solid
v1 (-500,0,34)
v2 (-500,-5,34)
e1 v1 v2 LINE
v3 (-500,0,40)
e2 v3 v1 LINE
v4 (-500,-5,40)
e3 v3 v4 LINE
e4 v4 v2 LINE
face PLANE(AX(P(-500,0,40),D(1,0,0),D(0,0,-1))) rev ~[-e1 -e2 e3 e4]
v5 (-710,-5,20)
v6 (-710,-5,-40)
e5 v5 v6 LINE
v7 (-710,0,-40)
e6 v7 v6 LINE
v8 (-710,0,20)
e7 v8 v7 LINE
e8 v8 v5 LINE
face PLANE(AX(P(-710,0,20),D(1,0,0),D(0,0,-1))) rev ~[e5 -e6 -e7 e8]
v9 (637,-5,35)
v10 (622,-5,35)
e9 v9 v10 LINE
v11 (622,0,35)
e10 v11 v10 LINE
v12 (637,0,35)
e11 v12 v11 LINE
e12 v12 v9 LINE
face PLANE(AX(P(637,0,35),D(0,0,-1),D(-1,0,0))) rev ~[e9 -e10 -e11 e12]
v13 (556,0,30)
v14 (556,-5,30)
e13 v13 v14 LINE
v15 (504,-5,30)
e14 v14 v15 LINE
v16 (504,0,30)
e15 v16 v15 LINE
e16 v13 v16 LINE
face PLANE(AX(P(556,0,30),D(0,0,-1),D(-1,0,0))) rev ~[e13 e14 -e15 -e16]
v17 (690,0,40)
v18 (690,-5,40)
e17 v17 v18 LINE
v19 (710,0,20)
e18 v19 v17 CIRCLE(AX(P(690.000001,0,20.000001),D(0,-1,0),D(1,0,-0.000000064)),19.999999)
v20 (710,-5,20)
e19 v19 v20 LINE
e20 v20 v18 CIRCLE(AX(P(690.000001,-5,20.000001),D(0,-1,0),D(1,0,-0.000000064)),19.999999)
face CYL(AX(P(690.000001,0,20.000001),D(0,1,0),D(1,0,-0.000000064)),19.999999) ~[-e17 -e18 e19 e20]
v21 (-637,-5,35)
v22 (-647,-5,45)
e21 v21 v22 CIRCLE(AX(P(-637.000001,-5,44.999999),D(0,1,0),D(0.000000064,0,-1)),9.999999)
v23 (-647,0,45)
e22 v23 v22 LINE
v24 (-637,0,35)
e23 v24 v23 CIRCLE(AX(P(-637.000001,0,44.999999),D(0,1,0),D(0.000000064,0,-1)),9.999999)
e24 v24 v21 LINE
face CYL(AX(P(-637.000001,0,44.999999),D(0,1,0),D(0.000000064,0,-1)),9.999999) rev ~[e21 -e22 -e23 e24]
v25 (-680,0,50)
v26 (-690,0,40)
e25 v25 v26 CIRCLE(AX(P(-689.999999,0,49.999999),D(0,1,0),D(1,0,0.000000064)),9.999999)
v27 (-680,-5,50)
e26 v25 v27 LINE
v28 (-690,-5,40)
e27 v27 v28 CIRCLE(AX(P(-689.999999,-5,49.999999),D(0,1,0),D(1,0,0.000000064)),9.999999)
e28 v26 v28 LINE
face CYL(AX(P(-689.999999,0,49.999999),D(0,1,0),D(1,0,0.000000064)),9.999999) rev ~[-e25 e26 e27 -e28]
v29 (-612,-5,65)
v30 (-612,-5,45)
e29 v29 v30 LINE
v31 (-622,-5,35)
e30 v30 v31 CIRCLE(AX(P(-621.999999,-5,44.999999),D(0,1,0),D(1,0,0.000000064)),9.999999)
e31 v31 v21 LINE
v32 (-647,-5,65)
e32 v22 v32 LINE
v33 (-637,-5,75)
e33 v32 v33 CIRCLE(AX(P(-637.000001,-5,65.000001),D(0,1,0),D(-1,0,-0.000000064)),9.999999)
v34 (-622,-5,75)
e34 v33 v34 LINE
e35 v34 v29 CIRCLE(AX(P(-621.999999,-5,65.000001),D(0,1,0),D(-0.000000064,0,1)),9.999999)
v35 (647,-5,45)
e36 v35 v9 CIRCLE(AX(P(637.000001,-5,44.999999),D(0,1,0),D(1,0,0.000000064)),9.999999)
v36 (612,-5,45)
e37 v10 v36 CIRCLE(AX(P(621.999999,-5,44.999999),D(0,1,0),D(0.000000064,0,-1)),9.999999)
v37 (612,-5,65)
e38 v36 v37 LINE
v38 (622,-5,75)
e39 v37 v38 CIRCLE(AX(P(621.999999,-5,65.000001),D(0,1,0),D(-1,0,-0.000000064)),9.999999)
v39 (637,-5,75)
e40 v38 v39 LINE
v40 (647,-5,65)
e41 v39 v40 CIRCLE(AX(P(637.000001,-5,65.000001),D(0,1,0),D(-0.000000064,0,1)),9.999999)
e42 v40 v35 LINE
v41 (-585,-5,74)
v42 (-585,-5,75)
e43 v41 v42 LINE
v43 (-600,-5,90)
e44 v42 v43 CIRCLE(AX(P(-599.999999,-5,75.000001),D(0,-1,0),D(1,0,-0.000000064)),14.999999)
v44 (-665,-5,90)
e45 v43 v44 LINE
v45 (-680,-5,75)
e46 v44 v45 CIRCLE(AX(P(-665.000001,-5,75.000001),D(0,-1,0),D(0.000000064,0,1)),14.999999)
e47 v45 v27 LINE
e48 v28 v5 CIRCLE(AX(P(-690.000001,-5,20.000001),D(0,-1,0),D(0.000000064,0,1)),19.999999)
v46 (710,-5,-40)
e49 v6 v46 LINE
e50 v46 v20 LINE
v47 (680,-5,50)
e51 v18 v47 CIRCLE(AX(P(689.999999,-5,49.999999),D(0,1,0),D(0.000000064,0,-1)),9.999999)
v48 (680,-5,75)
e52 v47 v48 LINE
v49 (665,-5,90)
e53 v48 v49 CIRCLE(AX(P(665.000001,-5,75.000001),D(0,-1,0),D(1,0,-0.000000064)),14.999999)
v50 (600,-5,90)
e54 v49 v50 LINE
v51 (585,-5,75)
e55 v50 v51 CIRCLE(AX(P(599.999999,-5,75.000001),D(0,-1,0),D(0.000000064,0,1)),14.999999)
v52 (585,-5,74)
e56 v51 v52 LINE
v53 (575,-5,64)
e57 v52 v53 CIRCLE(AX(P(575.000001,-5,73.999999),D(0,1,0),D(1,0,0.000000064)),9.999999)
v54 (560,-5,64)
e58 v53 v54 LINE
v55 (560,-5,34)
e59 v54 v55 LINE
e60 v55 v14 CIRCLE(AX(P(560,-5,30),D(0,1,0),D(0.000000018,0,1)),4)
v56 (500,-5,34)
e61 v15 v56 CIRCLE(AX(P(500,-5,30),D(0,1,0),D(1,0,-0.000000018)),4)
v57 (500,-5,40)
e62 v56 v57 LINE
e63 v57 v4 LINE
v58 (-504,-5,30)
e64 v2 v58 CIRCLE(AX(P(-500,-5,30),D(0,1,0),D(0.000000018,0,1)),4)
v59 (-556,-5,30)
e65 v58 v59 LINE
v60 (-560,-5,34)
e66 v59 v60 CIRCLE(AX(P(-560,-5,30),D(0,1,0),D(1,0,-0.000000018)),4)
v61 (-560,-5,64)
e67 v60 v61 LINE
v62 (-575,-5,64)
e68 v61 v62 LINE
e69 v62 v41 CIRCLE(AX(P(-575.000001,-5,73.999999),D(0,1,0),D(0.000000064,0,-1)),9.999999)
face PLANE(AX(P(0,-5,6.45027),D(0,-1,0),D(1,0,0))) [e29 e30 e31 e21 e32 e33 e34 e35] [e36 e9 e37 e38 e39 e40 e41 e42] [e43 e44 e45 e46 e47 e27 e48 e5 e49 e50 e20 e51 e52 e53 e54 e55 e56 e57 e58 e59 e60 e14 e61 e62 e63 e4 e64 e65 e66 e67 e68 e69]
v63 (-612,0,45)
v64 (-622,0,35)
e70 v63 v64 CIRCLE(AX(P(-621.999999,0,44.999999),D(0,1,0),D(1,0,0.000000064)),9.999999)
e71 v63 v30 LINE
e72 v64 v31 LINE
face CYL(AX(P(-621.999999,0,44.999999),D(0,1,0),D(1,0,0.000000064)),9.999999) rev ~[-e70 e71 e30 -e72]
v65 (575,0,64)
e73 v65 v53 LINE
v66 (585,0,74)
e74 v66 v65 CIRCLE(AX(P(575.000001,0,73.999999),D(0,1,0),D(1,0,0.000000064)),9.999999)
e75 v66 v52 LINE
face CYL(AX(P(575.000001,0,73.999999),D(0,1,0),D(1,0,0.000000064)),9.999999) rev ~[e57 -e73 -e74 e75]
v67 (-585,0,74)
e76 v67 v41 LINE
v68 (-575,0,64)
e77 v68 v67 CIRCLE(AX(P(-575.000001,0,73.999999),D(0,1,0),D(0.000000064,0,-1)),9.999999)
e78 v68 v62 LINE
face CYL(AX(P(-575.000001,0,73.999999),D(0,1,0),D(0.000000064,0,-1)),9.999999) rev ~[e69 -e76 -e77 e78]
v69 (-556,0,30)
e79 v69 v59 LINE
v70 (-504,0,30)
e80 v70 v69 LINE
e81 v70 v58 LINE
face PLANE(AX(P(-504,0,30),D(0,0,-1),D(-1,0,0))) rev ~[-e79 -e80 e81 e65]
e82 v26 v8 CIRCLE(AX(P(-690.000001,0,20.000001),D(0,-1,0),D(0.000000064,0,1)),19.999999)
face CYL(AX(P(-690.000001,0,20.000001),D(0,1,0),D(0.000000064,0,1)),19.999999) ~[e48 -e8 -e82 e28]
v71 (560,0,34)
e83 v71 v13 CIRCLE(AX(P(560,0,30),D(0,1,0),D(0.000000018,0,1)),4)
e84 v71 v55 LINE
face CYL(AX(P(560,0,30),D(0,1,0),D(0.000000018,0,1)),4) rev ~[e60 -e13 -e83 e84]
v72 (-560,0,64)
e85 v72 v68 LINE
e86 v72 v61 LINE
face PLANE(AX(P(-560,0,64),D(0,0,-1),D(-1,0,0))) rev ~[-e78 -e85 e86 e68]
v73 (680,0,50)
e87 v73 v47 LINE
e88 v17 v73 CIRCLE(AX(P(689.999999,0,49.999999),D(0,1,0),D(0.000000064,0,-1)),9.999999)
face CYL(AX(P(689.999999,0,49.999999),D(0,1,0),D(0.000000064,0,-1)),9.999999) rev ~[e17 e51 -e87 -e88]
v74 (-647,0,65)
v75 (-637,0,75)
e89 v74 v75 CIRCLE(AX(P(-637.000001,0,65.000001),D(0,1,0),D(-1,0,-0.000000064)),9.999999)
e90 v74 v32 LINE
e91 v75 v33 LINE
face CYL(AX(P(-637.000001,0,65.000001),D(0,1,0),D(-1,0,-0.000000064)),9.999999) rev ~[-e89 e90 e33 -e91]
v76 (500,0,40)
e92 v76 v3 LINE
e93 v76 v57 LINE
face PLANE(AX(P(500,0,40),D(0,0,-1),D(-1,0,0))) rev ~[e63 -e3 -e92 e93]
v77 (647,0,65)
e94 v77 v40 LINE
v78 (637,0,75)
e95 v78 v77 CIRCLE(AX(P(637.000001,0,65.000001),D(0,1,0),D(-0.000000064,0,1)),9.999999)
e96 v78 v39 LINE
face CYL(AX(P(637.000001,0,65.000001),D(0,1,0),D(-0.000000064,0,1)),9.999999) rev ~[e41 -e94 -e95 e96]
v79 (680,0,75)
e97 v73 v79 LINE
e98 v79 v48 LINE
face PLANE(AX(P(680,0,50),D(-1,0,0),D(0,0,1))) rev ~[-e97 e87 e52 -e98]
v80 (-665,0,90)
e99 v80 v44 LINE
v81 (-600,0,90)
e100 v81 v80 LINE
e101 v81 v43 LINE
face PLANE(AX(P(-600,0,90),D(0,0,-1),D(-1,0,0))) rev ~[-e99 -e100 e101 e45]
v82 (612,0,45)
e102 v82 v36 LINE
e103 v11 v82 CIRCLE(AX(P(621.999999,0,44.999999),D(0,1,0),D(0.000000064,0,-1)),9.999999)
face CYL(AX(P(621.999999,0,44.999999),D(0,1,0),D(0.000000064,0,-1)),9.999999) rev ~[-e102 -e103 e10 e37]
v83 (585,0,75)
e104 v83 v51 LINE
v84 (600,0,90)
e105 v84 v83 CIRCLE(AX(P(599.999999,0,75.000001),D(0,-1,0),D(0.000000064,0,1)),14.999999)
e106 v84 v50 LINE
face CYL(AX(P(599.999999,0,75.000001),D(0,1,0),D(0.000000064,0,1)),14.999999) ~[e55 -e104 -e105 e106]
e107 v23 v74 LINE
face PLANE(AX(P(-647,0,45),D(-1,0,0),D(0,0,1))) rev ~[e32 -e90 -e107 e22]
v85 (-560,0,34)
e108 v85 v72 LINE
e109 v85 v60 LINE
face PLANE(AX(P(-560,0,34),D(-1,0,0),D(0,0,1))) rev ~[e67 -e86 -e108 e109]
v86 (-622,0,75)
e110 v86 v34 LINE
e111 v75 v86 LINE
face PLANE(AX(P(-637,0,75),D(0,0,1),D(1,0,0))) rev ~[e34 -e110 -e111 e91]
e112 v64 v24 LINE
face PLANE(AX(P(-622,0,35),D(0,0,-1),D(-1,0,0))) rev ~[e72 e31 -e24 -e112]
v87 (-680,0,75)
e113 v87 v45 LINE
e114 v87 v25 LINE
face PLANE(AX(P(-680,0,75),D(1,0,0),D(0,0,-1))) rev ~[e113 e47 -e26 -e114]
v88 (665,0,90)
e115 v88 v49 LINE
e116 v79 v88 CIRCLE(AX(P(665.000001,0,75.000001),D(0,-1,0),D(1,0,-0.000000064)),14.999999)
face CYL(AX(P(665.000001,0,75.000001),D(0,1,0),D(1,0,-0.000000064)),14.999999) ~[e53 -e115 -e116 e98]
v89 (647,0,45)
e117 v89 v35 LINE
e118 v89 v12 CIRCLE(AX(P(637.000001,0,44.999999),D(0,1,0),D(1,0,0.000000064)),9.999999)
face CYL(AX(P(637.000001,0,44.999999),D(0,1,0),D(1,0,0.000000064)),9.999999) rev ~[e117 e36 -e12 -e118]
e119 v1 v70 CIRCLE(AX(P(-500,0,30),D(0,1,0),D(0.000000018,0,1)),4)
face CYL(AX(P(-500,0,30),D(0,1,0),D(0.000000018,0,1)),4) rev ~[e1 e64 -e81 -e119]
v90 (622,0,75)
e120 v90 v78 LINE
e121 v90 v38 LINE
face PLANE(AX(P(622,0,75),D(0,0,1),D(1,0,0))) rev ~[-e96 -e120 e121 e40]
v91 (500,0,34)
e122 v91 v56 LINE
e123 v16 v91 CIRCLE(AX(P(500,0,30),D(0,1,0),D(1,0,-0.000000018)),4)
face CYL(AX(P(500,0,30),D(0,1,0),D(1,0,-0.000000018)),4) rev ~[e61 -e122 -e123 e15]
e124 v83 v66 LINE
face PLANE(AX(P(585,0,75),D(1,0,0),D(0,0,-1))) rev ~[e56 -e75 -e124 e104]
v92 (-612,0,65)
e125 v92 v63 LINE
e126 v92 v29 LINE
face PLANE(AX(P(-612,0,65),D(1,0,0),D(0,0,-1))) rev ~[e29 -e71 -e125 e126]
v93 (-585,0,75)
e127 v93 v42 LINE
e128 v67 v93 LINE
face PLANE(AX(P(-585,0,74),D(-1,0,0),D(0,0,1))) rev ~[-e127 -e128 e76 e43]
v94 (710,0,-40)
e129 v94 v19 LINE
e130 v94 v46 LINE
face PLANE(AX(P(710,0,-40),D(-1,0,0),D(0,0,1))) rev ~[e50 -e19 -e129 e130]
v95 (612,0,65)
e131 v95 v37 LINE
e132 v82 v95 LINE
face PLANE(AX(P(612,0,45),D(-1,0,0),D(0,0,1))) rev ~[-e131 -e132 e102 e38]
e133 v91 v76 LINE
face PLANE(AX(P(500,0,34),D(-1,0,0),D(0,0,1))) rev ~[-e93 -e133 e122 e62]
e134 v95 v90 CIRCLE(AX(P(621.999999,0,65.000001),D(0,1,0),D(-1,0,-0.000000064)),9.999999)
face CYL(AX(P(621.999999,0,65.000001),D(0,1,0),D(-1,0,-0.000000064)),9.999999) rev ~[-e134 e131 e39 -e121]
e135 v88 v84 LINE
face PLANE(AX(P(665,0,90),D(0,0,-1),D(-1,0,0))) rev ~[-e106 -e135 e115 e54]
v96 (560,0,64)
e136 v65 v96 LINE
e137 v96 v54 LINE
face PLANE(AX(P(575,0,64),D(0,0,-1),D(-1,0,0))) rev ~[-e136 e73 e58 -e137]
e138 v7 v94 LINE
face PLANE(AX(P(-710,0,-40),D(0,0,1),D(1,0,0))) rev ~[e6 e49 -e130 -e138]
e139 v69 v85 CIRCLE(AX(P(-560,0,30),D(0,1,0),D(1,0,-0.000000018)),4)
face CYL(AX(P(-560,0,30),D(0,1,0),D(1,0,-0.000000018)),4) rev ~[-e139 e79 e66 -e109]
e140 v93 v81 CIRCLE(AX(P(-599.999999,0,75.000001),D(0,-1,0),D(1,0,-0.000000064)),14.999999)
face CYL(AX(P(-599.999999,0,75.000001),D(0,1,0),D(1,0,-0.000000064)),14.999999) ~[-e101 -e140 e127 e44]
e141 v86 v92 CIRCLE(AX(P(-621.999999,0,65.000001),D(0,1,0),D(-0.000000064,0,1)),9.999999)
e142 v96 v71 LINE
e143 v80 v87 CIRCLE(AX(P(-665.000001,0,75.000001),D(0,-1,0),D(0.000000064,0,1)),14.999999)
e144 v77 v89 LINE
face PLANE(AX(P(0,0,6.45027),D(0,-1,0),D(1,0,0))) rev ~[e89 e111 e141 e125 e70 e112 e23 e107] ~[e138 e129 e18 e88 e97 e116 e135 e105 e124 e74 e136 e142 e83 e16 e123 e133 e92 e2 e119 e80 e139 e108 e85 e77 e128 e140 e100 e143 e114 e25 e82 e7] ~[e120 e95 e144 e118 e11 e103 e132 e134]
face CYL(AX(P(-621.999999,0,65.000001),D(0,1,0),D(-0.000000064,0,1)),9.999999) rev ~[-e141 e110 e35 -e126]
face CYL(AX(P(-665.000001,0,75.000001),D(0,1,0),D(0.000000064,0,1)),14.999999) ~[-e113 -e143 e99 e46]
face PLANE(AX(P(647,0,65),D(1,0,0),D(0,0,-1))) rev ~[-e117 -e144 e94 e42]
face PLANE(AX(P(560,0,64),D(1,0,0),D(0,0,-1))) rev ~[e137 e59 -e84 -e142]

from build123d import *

# Parameters (mm, degrees)
F1_DEPTH = 5


with BuildPart() as f1:
    # F0 (on Front) → F1 (new body)
    with BuildSketch(Plane.XZ):
        with BuildLine():
            Line((-710, 20), (-710, -40))
            Line((-710, -40), (710, -40))
            Line((710, -40), (710, 20))
            ThreePointArc((710, 20), (704.142136, 34.142136), (690, 40))
            ThreePointArc((690, 40), (682.928932, 42.928932), (680, 50))
            Line((680, 50), (680, 75))
            ThreePointArc((680, 75), (675.606602, 85.606602), (665, 90))
            Line((665, 90), (600, 90))
            ThreePointArc((600, 90), (589.393398, 85.606602), (585, 75))
            Line((585, 75), (585, 74))
            ThreePointArc((585, 74), (582.071068, 66.928932), (575, 64))
            Line((575, 64), (560, 64))
            Line((560, 64), (560, 34))
            ThreePointArc((560, 34), (562.828427, 27.171573), (556, 30))
            Line((556, 30), (504, 30))
            ThreePointArc((504, 30), (497.171573, 27.171573), (500, 34))
            Line((500, 34), (500, 40))
            Line((500, 40), (-500, 40))
            Line((-500, 40), (-500, 34))
            ThreePointArc((-500, 34), (-497.171573, 27.171573), (-504, 30))
            Line((-504, 30), (-556, 30))
            ThreePointArc((-556, 30), (-562.828427, 27.171573), (-560, 34))
            Line((-560, 34), (-560, 64))
            Line((-560, 64), (-575, 64))
            ThreePointArc((-575, 64), (-582.071068, 66.928932), (-585, 74))
            Line((-585, 74), (-585, 75))
            ThreePointArc((-585, 75), (-589.393398, 85.606602), (-600, 90))
            Line((-600, 90), (-665, 90))
            ThreePointArc((-665, 90), (-675.606602, 85.606602), (-680, 75))
            Line((-680, 75), (-680, 50))
            ThreePointArc((-680, 50), (-682.928932, 42.928932), (-690, 40))
            ThreePointArc((-690, 40), (-704.142136, 34.142136), (-710, 20))
        make_face()
        with BuildLine():
            ThreePointArc((-647, 65), (-644.071068, 72.071068), (-637, 75))
            Line((-637, 75), (-622, 75))
            ThreePointArc((-622, 75), (-614.928932, 72.071068), (-612, 65))
            Line((-612, 65), (-612, 45))
            ThreePointArc((-612, 45), (-614.928932, 37.928932), (-622, 35))
            Line((-622, 35), (-637, 35))
            ThreePointArc((-637, 35), (-644.071068, 37.928932), (-647, 45))
            Line((-647, 45), (-647, 65))
        make_face(mode=Mode.SUBTRACT)
        with BuildLine():
            Line((622, 75), (637, 75))
            ThreePointArc((637, 75), (644.071068, 72.071068), (647, 65))
            Line((647, 65), (647, 45))
            ThreePointArc((647, 45), (644.071068, 37.928932), (637, 35))
            Line((637, 35), (622, 35))
            ThreePointArc((622, 35), (614.928932, 37.928932), (612, 45))
            Line((612, 45), (612, 65))
            ThreePointArc((612, 65), (614.928932, 72.071068), (622, 75))
        make_face(mode=Mode.SUBTRACT)
    extrude(amount=F1_DEPTH)


solid = f1.part
